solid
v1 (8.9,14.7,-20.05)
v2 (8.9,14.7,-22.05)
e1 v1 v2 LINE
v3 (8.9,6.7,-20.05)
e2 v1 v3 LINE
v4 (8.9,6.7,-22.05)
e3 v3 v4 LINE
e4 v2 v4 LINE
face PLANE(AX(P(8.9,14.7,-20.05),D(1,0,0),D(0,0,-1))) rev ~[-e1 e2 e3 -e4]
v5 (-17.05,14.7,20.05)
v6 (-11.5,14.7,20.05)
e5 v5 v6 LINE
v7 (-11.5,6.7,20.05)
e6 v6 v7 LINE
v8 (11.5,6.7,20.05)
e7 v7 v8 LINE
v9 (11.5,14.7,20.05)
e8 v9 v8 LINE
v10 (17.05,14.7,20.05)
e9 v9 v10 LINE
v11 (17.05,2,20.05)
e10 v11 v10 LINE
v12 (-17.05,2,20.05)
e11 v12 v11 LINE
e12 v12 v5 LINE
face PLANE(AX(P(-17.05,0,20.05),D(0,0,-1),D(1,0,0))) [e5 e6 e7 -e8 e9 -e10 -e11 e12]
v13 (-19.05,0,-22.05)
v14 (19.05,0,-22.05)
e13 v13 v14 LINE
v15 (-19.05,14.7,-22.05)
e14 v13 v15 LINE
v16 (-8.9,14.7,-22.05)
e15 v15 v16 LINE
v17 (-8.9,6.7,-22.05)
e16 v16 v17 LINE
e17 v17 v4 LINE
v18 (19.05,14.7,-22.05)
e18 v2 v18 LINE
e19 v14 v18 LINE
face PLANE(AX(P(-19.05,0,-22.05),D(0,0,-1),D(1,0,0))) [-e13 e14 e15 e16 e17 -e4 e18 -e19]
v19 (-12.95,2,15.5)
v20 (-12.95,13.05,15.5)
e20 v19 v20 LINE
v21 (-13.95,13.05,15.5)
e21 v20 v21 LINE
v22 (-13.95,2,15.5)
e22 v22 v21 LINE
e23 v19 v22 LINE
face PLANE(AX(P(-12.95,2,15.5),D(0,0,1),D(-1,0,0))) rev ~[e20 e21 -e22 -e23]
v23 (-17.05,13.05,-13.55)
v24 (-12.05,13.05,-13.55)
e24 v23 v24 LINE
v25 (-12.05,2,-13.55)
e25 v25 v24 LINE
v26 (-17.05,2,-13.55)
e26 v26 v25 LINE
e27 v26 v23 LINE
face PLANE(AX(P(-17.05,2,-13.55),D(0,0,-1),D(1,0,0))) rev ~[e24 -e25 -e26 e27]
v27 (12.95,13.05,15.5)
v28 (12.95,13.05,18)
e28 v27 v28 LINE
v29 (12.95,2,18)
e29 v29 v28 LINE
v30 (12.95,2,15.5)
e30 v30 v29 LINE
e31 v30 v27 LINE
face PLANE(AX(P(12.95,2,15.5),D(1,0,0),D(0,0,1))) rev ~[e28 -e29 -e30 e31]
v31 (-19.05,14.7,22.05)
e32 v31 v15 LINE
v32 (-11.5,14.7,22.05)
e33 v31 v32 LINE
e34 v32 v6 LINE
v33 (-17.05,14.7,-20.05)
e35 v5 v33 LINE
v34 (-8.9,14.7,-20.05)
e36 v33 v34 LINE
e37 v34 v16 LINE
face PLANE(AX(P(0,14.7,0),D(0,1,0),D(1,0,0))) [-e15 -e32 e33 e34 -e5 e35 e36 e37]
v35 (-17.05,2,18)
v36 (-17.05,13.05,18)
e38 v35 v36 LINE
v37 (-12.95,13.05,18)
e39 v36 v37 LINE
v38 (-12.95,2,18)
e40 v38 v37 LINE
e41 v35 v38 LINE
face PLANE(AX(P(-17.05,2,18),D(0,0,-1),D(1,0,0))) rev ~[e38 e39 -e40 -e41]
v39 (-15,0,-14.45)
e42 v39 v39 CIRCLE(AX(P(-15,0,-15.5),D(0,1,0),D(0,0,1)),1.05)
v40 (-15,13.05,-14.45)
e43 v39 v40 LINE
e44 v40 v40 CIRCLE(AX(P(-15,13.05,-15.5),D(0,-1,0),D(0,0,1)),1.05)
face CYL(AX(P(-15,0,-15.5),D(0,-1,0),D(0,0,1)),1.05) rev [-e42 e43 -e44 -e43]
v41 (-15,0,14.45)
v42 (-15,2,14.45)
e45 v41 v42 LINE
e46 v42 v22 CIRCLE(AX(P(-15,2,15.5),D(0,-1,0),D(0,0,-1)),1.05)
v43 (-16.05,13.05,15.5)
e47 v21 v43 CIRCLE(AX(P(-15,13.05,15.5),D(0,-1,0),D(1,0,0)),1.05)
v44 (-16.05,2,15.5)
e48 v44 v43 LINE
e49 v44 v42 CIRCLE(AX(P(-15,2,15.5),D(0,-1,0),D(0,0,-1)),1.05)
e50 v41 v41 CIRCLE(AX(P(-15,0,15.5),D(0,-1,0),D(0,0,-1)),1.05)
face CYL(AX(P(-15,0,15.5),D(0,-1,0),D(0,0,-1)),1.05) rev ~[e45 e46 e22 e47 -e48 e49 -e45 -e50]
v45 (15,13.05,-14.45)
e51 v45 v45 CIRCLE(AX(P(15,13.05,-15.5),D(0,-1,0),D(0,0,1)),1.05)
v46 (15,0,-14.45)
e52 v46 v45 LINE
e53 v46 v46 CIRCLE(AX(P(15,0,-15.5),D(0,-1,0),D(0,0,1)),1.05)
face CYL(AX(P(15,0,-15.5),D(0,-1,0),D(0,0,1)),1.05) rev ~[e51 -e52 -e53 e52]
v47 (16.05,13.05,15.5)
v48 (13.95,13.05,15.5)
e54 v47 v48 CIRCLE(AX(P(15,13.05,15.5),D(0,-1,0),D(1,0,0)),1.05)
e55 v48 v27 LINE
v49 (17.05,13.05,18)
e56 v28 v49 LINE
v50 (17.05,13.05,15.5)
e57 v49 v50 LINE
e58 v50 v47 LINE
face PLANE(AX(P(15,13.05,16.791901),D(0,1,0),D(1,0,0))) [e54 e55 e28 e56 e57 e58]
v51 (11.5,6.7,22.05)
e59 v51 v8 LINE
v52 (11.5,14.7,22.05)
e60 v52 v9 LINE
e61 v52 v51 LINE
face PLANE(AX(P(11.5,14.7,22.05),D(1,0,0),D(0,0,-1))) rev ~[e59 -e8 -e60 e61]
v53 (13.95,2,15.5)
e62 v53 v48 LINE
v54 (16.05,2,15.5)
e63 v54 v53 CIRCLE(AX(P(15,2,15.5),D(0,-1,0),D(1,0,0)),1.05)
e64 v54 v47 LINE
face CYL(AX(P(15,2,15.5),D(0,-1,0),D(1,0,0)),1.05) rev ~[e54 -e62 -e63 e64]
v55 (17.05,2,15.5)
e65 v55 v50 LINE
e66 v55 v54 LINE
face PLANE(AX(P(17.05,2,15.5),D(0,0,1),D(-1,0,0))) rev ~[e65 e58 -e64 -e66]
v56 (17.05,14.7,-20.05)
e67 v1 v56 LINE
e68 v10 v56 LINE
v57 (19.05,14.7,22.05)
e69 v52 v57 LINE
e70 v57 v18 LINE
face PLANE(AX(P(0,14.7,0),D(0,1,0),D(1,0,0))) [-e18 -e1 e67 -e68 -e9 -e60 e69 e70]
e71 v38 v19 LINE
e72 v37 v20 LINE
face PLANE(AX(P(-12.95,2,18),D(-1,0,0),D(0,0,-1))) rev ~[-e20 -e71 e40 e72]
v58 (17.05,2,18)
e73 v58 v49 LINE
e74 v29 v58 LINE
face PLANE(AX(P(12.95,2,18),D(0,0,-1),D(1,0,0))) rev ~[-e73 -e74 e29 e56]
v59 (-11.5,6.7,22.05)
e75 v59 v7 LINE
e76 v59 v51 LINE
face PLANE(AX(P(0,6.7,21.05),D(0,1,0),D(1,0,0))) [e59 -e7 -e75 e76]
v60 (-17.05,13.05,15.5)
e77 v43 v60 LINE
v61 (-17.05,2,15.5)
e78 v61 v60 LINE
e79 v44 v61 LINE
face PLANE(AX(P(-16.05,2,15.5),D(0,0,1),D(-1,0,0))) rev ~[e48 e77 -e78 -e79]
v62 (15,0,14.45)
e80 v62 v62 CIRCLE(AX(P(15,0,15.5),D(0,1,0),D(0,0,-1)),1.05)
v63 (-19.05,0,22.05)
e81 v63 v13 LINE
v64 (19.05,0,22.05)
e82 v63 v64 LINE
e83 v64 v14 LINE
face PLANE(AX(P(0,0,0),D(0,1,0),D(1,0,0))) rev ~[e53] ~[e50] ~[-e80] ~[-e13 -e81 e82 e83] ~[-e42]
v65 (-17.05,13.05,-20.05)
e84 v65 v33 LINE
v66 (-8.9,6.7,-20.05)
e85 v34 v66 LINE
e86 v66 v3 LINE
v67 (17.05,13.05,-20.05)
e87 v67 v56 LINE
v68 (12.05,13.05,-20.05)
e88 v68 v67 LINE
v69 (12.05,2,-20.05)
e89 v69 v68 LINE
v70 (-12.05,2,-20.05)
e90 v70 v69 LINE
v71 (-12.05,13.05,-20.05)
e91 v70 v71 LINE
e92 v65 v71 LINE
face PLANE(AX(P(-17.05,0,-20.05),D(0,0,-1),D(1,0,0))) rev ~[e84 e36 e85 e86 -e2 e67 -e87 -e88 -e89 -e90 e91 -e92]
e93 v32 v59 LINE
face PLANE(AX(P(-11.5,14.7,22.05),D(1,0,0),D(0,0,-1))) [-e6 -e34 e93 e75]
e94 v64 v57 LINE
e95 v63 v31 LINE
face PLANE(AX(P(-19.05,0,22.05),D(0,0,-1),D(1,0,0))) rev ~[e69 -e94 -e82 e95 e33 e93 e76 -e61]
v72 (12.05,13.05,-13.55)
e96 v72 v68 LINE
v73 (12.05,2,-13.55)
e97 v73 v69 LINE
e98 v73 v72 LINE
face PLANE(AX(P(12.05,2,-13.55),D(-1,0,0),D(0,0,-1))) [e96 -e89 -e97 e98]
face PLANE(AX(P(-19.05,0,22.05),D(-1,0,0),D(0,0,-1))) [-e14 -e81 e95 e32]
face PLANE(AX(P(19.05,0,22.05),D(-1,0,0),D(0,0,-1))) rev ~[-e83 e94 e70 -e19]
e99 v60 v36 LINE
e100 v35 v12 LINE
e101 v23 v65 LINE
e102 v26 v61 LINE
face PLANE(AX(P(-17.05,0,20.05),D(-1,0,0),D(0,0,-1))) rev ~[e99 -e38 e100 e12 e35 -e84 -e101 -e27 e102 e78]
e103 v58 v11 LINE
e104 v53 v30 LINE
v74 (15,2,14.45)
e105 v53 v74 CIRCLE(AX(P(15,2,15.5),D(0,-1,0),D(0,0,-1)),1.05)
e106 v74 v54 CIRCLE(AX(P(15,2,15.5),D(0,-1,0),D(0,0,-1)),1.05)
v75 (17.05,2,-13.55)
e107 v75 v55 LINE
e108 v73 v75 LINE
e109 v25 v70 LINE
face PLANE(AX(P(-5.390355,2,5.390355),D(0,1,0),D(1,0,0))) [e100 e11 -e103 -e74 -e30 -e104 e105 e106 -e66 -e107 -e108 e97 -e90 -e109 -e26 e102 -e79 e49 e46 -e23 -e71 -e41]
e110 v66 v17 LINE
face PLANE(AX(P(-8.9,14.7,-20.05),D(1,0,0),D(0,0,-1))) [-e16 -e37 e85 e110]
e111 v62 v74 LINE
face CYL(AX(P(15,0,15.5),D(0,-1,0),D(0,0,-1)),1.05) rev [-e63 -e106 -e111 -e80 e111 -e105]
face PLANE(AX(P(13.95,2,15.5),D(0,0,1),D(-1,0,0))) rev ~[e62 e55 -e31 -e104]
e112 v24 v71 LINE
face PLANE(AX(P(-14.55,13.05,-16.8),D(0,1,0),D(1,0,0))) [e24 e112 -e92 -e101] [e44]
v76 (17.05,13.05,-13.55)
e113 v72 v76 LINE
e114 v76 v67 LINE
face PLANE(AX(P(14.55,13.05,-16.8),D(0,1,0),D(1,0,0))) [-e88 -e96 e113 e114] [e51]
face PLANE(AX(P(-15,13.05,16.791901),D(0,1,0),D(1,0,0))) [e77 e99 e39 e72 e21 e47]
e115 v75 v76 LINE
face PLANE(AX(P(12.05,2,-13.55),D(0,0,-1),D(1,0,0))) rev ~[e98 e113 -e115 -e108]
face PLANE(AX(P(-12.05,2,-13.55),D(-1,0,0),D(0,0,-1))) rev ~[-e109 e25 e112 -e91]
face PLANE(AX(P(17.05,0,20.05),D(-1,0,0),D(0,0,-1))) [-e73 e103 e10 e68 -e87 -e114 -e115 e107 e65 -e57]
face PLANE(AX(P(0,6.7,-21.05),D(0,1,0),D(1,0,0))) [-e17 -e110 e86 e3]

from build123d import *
from build123d.topology import SkipClean

# Parameters (mm, degrees)
BOSS_EXTRUDE1_DEPTH                        = 2
BOSS_EXTRUDE2_DEPTH                        = 12.7
BOSS_EXTRUDE2_DEPTH_BACK                   = 2
SKETCH2_W                                  = 38.1
SKETCH2_H                                  = 44.1
SKETCH2_W_2                                = 34.1
SKETCH2_H_2                                = 40.1
SKETCH4_W                                  = 17.8
SKETCH4_H                                  = 2
SKETCH4_W_2                                = 23
CUT_EXTRUDE1_DEPTH                         = 8
SKETCH5_W                                  = 5
SKETCH5_H                                  = 6.5
BOSS_EXTRUDE3_DEPTH                        = 11.05
SKETCH3_R                                  = 1.05
CUT_EXTRUDE2_DEPTH                         = 33.637325258
MIRROR1_AT_THE_SECOND_PLANE_COPY_1_SKETC_R = 1.05
MIRROR1_AT_THE_SECOND_PLANE_COPY_1_DEPTH   = 33.637325258


with BuildPart() as part:
    # Sketch1 → Boss-Extrude1 (new body)
    with BuildSketch(Plane(origin=(0, 0, 0), x_dir=(1, 0, 0), z_dir=(0, 1, 0))):
        Polygon((-17.05, 20.05), (-17.05, -20.05), (17.05, -20.05), align=None)
        Polygon((17.05, 20.05), (17.05, -20.05), (-17.05, 20.05), align=None)
    extrude(amount=BOSS_EXTRUDE1_DEPTH)

    # Sketch2 → Boss-Extrude2 (add, two sides: drawn at the far end of the back side and taken through both)
    with BuildSketch(Plane(origin=(0, 2, 0), x_dir=(1, 0, 0), z_dir=(0, 1, 0)).offset(-BOSS_EXTRUDE2_DEPTH_BACK)):
        Rectangle(SKETCH2_W, SKETCH2_H)
        Rectangle(SKETCH2_W_2, SKETCH2_H_2, mode=Mode.SUBTRACT)
    extrude(amount=BOSS_EXTRUDE2_DEPTH + BOSS_EXTRUDE2_DEPTH_BACK)

    # Sketch4 → Cut-Extrude1 (cut)
    with BuildSketch(Plane(origin=(0, 14.7, 0), x_dir=(1, 0, 0), z_dir=(0, 1, 0))):
        with Locations((0, 21.05)):
            Rectangle(SKETCH4_W, SKETCH4_H)
        with Locations((0, -21.05)):
            Rectangle(SKETCH4_W_2, SKETCH4_H)
    extrude(amount=-CUT_EXTRUDE1_DEPTH, mode=Mode.SUBTRACT)

    # Sketch5 → Boss-Extrude3 (add)
    with BuildSketch(Plane(origin=(0, 2, 0), x_dir=(1, 0, 0), z_dir=(0, 1, 0))):
        with BuildLine():
            ThreePointArc((-13.95, -15.5), (-15, -16.55), (-16.05, -15.5))
            Line((-16.05, -15.5), (-17.05, -15.5))
            Line((-17.05, -15.5), (-17.05, -18))
            Line((-17.05, -18), (-12.95, -18))
            Line((-12.95, -18), (-12.95, -15.5))
            Line((-12.95, -15.5), (-13.95, -15.5))
        make_face()
        with Locations((-14.55, 16.8)):
            Rectangle(SKETCH5_W, SKETCH5_H)
        with Locations((14.55, 16.8)):
            Rectangle(SKETCH5_W, SKETCH5_H)
        with BuildLine():
            Line((13.95, -15.5), (12.95, -15.5))
            Line((12.95, -15.5), (12.95, -18))
            Line((12.95, -18), (17.05, -18))
            Line((17.05, -18), (17.05, -15.5))
            Line((17.05, -15.5), (16.05, -15.5))
            ThreePointArc((16.05, -15.5), (15, -16.55), (13.95, -15.5))
        make_face()
    extrude(amount=BOSS_EXTRUDE3_DEPTH)

    # Sketch3 → Cut-Extrude2 (cut, through all)
    with BuildSketch(Plane.XZ):
        with Locations(Location((-15, 15.5, 0), (0, 0, 270))):
            Circle(SKETCH3_R)
    cut_extrude2 = extrude(amount=-CUT_EXTRUDE2_DEPTH, mode=Mode.SUBTRACT)

    # Mirror1: Cut-Extrude2 across plane
    add(cut_extrude2.mirror(Plane.XY), mode=Mode.SUBTRACT)

    # Mirror1 at the second plane: Cut-Extrude2 across plane
    with SkipClean():  # the faces are left unmerged after this step: merging them gives an invalid solid
        add(cut_extrude2.mirror(Plane(origin=(0, 0, 0), x_dir=(0, 0, 1), z_dir=(1, 0, 0))), mode=Mode.SUBTRACT)

    # Mirror1 at the second plane copy 1 sketc → Mirror1 at the second plane copy 1 (cut, through all)
    with SkipClean():  # the faces are left unmerged after this step: merging them gives an invalid solid
        with BuildSketch(Plane(origin=(0, 0, 0), x_dir=(-1, 0, 0), z_dir=(0, -1, 0))):
            with Locations(Location((-15, 15.5, 0), (0, 0, 270))):
                Circle(MIRROR1_AT_THE_SECOND_PLANE_COPY_1_SKETC_R)
        extrude(amount=-MIRROR1_AT_THE_SECOND_PLANE_COPY_1_DEPTH, mode=Mode.SUBTRACT)


solid = part.part
